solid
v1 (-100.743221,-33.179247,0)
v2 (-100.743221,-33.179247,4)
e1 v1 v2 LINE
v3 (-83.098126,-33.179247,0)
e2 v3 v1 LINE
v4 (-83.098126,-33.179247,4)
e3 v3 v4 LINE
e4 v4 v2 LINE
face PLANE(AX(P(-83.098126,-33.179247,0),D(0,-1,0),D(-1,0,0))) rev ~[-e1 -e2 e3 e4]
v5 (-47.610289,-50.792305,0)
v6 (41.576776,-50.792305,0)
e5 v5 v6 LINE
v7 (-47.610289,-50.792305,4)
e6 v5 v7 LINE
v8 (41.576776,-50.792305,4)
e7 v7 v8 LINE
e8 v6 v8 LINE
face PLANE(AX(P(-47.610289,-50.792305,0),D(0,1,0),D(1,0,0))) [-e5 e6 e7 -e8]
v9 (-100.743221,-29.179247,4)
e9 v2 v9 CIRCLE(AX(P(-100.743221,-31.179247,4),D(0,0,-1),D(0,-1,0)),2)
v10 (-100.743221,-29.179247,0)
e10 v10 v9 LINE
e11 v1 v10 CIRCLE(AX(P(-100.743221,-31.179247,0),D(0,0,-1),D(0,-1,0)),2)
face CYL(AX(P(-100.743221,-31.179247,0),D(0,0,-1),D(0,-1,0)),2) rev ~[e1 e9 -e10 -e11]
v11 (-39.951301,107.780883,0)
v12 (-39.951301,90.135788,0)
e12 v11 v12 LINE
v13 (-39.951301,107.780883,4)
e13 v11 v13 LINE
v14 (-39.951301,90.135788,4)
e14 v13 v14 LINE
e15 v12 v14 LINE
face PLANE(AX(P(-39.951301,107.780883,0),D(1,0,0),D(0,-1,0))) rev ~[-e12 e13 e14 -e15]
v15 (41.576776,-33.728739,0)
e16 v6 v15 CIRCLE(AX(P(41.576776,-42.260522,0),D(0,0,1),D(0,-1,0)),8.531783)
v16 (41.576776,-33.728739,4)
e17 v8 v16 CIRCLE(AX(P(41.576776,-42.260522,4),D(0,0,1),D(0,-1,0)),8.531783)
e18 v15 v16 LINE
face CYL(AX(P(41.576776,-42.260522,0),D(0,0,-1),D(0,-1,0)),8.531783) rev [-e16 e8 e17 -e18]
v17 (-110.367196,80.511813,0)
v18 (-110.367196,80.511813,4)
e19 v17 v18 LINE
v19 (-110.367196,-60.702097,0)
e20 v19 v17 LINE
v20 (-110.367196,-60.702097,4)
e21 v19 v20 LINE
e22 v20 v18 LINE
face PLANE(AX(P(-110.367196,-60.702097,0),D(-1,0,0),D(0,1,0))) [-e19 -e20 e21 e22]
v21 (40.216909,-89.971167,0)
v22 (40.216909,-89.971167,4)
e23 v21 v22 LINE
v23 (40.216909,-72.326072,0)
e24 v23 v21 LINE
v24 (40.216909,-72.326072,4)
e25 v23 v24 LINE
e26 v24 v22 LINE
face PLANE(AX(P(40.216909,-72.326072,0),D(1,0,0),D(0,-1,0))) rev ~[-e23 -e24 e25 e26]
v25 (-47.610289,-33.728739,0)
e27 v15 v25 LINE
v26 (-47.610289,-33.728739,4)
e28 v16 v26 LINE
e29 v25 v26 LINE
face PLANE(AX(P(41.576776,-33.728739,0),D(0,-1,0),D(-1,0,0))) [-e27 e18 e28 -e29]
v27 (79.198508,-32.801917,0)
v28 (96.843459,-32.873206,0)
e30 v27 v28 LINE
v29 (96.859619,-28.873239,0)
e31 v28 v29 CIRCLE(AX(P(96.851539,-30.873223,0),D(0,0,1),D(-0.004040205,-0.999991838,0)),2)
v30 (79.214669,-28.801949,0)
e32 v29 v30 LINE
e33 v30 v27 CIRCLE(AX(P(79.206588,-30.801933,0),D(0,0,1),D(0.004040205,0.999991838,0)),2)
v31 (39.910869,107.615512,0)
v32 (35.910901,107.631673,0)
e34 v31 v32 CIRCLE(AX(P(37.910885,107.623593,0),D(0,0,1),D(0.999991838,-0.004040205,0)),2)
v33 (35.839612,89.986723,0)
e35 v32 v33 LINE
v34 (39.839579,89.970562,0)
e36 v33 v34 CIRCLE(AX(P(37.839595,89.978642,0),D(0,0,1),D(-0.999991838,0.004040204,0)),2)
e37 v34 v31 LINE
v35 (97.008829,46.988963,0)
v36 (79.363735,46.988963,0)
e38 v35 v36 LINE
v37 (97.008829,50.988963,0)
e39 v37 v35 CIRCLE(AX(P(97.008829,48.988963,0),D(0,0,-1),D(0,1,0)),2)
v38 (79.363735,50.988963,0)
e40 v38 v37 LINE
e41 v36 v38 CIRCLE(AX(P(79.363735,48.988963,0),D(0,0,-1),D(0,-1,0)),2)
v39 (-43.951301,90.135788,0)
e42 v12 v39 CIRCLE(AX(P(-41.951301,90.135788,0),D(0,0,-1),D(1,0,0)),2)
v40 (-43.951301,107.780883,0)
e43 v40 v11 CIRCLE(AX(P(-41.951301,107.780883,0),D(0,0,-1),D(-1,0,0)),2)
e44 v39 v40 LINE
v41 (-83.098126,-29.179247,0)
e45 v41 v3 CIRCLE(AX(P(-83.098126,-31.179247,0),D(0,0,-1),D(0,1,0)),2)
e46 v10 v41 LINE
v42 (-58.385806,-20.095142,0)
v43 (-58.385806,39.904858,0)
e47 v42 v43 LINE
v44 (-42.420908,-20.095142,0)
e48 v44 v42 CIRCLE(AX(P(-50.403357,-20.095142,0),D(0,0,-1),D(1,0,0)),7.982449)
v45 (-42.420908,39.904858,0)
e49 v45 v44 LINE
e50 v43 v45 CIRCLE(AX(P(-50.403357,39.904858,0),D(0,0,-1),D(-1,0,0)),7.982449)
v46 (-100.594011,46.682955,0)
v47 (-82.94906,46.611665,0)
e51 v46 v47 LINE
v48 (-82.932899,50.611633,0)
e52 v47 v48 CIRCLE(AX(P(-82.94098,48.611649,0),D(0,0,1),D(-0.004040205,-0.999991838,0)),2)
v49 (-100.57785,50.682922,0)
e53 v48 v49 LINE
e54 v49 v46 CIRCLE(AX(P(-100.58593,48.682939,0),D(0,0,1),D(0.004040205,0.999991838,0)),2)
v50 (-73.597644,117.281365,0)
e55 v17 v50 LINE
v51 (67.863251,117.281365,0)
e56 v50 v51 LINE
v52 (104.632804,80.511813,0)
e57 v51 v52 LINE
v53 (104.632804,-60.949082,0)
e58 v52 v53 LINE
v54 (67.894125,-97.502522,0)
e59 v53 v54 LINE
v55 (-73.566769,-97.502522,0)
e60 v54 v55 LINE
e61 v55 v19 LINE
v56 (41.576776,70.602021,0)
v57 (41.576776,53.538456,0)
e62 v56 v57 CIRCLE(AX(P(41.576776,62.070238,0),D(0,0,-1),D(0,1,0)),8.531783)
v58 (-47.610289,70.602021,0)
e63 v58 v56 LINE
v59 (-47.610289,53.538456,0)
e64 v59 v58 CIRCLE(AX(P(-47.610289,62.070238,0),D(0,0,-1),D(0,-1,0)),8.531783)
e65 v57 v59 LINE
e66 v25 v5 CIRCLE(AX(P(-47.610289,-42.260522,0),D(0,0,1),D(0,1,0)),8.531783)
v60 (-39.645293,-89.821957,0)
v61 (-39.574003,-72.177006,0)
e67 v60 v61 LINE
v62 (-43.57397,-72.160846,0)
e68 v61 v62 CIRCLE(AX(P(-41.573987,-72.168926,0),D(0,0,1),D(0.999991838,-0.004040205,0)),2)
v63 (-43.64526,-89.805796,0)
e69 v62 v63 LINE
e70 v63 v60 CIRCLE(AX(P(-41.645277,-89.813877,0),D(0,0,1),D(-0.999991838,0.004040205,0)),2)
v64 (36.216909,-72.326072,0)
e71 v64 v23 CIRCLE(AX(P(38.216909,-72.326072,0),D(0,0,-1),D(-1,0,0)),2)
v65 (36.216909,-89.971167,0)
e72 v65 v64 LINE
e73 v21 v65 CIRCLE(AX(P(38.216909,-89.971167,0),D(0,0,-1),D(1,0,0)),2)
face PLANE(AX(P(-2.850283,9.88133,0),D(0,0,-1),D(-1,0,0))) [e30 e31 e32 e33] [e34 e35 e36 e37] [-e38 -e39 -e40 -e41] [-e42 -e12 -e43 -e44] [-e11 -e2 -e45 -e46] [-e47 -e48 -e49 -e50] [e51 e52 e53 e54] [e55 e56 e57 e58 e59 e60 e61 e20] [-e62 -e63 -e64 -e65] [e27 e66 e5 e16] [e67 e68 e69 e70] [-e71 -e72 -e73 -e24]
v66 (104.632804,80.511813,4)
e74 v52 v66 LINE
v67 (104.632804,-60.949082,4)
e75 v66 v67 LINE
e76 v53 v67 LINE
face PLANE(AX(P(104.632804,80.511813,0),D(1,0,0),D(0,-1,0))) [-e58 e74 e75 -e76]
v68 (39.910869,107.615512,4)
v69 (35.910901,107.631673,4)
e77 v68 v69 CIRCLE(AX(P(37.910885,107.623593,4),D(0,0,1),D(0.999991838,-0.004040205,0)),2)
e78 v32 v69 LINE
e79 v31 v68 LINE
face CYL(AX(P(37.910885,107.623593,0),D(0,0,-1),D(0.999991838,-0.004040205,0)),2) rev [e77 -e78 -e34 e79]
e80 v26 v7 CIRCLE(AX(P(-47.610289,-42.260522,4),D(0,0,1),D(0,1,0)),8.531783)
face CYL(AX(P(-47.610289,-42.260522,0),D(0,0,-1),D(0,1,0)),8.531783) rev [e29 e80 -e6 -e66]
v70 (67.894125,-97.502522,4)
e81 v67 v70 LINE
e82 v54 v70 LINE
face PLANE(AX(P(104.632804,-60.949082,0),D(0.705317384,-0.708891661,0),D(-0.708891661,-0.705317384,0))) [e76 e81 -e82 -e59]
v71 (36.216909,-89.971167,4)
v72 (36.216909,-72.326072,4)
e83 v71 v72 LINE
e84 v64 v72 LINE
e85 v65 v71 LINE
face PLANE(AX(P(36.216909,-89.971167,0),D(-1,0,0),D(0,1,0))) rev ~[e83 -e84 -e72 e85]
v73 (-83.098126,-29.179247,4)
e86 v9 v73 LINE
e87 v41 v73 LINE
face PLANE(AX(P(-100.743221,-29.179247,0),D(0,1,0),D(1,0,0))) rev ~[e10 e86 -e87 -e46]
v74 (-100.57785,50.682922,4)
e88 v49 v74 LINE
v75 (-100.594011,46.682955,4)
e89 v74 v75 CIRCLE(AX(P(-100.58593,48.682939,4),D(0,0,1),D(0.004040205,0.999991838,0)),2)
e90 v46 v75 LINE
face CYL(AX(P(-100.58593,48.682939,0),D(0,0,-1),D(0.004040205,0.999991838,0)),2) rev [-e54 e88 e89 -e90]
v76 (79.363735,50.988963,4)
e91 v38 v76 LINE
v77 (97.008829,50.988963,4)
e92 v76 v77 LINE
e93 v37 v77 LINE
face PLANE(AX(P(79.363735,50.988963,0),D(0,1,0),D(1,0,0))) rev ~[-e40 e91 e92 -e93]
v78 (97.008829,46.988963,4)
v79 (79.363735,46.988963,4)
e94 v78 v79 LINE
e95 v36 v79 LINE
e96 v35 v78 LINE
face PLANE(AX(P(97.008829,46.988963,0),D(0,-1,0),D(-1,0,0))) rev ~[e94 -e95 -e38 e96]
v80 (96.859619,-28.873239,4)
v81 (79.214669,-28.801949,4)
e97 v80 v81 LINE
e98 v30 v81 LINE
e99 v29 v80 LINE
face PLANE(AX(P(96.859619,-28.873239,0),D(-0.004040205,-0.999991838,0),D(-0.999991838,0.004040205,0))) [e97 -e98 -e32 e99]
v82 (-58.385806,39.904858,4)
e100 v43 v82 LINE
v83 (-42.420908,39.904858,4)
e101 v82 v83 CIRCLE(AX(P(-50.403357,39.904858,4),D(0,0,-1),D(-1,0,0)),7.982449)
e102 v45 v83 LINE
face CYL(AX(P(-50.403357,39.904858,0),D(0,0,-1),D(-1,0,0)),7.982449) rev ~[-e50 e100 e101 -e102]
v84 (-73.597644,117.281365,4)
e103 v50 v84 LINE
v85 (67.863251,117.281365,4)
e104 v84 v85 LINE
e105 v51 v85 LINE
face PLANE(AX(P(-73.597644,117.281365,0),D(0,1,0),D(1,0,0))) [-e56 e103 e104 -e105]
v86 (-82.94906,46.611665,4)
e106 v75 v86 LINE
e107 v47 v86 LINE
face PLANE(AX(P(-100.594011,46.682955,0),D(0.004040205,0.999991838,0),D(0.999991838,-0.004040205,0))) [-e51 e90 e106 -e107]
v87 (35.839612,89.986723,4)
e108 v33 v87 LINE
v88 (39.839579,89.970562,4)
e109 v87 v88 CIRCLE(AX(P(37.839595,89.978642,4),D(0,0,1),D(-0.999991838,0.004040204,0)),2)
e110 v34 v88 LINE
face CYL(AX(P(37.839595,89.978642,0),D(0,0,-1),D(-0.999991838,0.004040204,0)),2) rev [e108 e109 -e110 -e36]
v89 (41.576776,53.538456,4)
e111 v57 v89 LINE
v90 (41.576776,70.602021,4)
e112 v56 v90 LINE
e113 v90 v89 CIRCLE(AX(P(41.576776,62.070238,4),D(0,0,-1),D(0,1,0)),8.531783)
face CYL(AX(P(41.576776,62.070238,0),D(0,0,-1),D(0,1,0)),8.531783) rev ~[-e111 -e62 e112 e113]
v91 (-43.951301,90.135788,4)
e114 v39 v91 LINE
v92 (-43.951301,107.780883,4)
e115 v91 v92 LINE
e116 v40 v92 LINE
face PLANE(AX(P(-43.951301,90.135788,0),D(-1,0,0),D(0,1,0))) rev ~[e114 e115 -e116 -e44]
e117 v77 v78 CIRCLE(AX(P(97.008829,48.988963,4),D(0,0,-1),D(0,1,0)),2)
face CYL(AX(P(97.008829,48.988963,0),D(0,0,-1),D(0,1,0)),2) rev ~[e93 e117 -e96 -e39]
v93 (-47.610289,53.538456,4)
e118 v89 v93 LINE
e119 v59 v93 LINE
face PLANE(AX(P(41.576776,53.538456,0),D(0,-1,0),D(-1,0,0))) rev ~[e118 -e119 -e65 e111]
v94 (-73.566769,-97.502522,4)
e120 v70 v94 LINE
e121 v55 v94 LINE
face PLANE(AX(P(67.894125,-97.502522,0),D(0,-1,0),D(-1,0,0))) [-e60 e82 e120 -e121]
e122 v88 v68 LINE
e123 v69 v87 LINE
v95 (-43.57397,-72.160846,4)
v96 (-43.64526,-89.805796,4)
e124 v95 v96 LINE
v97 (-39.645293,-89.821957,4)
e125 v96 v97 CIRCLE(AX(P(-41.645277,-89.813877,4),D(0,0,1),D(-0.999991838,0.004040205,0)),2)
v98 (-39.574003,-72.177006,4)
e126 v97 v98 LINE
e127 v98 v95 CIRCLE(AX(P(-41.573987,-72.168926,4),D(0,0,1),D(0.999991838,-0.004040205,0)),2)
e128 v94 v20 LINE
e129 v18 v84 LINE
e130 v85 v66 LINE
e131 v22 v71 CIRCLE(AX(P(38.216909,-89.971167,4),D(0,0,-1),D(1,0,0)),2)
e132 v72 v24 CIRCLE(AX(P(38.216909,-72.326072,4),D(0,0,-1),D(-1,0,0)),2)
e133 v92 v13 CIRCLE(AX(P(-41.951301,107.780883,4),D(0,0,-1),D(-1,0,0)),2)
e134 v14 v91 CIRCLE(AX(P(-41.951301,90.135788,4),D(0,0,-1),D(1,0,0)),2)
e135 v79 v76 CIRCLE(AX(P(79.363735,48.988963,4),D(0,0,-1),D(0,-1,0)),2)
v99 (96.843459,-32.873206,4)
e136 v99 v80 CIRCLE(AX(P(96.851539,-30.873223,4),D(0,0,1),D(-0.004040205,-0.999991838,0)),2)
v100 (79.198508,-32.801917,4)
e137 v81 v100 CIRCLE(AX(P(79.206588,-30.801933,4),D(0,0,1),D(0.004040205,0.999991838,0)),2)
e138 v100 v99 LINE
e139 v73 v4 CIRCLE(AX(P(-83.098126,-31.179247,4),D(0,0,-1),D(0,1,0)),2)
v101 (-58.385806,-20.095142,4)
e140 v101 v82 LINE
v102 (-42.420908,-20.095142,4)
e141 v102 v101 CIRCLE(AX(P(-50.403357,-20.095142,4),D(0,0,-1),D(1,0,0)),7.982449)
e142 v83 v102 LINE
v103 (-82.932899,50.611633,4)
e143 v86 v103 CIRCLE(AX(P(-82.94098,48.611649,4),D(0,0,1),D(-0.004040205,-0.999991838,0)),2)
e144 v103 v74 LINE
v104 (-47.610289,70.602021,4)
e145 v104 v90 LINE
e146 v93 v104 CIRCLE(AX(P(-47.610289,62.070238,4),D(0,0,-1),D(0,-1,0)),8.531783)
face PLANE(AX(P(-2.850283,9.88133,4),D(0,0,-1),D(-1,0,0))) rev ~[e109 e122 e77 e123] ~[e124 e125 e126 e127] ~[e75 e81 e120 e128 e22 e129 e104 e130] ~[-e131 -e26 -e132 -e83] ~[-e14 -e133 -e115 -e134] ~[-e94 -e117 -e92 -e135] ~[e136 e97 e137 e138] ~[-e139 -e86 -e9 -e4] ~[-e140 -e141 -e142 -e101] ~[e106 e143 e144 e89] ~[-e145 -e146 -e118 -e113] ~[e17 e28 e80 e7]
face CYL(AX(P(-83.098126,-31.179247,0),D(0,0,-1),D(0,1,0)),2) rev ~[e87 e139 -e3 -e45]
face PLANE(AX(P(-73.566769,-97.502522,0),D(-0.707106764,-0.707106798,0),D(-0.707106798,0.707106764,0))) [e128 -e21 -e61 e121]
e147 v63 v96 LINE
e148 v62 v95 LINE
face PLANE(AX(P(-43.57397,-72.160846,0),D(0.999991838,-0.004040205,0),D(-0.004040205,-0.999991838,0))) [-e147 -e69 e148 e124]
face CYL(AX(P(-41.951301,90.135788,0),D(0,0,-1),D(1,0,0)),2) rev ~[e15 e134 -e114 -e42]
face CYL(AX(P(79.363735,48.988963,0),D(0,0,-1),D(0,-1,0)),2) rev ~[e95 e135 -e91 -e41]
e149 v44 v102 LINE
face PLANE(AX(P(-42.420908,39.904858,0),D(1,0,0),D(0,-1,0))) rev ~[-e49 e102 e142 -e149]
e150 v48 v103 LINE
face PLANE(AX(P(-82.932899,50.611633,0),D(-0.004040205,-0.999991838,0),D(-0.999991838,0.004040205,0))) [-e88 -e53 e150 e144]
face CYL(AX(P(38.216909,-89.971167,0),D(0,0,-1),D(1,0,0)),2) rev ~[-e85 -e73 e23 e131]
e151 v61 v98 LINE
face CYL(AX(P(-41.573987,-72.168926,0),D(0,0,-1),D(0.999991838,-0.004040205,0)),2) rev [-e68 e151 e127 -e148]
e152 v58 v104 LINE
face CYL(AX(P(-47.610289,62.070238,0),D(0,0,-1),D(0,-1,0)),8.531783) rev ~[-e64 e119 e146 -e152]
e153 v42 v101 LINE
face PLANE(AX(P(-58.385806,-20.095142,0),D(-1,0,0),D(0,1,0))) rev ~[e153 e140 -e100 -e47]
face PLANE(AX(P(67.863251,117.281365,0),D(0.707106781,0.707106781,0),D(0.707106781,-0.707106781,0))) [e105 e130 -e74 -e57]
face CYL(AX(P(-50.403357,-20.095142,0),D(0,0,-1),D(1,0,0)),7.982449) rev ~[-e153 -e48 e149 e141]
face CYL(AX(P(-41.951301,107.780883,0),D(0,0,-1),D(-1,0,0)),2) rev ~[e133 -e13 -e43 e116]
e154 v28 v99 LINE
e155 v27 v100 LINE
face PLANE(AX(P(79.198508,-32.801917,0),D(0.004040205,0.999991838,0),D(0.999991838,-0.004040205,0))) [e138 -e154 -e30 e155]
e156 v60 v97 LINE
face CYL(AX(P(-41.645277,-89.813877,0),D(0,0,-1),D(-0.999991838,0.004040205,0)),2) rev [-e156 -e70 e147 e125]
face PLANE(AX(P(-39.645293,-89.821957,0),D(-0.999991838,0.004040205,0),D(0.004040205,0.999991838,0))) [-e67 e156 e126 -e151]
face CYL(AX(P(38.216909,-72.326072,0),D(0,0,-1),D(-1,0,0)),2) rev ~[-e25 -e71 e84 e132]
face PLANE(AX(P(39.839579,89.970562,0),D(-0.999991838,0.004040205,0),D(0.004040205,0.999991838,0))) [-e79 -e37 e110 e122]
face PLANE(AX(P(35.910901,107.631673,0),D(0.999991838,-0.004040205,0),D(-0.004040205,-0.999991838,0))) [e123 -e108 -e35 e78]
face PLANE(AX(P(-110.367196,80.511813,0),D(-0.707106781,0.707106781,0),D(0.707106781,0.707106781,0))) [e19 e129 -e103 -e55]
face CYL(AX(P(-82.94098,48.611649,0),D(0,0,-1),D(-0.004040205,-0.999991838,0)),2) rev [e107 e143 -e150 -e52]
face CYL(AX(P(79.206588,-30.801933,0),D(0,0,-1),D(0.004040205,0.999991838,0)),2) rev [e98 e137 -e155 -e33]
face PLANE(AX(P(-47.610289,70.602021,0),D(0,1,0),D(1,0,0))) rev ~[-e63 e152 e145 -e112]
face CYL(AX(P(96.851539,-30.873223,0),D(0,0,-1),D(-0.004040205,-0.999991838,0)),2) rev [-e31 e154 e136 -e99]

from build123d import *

# Parameters (mm, degrees)
BOSS_EXTRUDE2_DEPTH = 4


with BuildPart() as part:
    # Sketch1 → Boss-Extrude2 (new body)
    with BuildSketch(Plane.XY):
        Polygon((-73.597643579, 117.281365478), (67.863251178, 117.281365478), (104.632803799, 80.511812856), (104.632803799, -60.949081901), (67.894125273, -97.50252168), (-73.566769484, -97.50252168), (-110.367196201, -60.702096755), (-110.367196201, 80.511812856), align=None)
        with BuildLine():
            Line((-47.610288665, 70.602021163), (41.576775637, 70.602021163))
            ThreePointArc((41.576775637, 70.602021163), (50.108558427, 62.070238373), (41.576775637, 53.538455583))
            Line((41.576775637, 53.538455583), (-47.610288665, 53.538455583))
            ThreePointArc((-47.610288665, 53.538455583), (-56.142071455, 62.070238373), (-47.610288665, 70.602021163))
        make_face(mode=Mode.SUBTRACT)
        with BuildLine():
            Line((-47.610288665, -50.792305062), (41.576775637, -50.792305062))
            ThreePointArc((41.576775637, -50.792305062), (50.108558427, -42.260522272), (41.576775637, -33.728739482))
            Line((41.576775637, -33.728739482), (-47.610288665, -33.728739482))
            ThreePointArc((-47.610288665, -33.728739482), (-56.142071455, -42.260522272), (-47.610288665, -50.792305062))
        make_face(mode=Mode.SUBTRACT)
        with BuildLine():
            Line((-58.385806079, -20.095141949), (-58.385806079, 39.904858051))
            ThreePointArc((-58.385806079, 39.904858051), (-50.403357017, 47.887307113), (-42.420907955, 39.904858051))
            Line((-42.420907955, 39.904858051), (-42.420907955, -20.095141949))
            ThreePointArc((-42.420907955, -20.095141949), (-50.403357017, -28.077591011), (-58.385806079, -20.095141949))
        make_face(mode=Mode.SUBTRACT)
        with BuildLine():
            Line((-43.951300834, 90.135788358), (-43.951300834, 107.780882998))
            ThreePointArc((-43.951300834, 107.780882998), (-41.951300834, 109.780882998), (-39.951300834, 107.780882998))
            Line((-39.951300834, 107.780882998), (-39.951300834, 90.135788358))
            ThreePointArc((-39.951300834, 90.135788358), (-41.951300834, 88.135788358), (-43.951300834, 90.135788358))
        make_face(mode=Mode.SUBTRACT)
        with BuildLine():
            Line((39.83957888, 89.970561723), (39.910868679, 107.61551235))
            ThreePointArc((39.910868679, 107.61551235), (37.918965413, 109.623576437), (35.910901326, 107.63167317))
            Line((35.910901326, 107.63167317), (35.839611526, 89.986722543))
            ThreePointArc((35.839611526, 89.986722543), (37.831514793, 87.978658457), (39.83957888, 89.970561723))
        make_face(mode=Mode.SUBTRACT)
        with BuildLine():
            Line((-83.098126059, -33.179247031), (-100.743220699, -33.179247031))
            ThreePointArc((-100.743220699, -33.179247031), (-102.743220699, -31.179247031), (-100.743220699, -29.179247031))
            Line((-100.743220699, -29.179247031), (-83.098126059, -29.179247031))
            ThreePointArc((-83.098126059, -29.179247031), (-81.098126059, -31.179247031), (-83.098126059, -33.179247031))
        make_face(mode=Mode.SUBTRACT)
        with BuildLine():
            Line((-82.932899424, 50.611632682), (-100.577850051, 50.682922481))
            ThreePointArc((-100.577850051, 50.682922481), (-102.585914138, 48.691019215), (-100.594010871, 46.682955128))
            Line((-100.594010871, 46.682955128), (-82.949060244, 46.611665329))
            ThreePointArc((-82.949060244, 46.611665329), (-80.940996157, 48.603568595), (-82.932899424, 50.611632682))
        make_face(mode=Mode.SUBTRACT)
        with BuildLine():
            Line((40.21690933, -72.326072256), (40.21690933, -89.971166897))
            ThreePointArc((40.21690933, -89.971166897), (38.21690933, -91.971166897), (36.21690933, -89.971166897))
            Line((36.21690933, -89.971166897), (36.21690933, -72.326072256))
            ThreePointArc((36.21690933, -72.326072256), (38.21690933, -70.326072256), (40.21690933, -72.326072256))
        make_face(mode=Mode.SUBTRACT)
        with BuildLine():
            Line((-43.573970383, -72.160845622), (-43.645260182, -89.805796249))
            ThreePointArc((-43.645260182, -89.805796249), (-41.653356916, -91.813860335), (-39.645292829, -89.821957069))
            Line((-39.645292829, -89.821957069), (-39.574003029, -72.177006442))
            ThreePointArc((-39.574003029, -72.177006442), (-41.565906296, -70.168942355), (-43.573970383, -72.160845622))
        make_face(mode=Mode.SUBTRACT)
        with BuildLine():
            Line((79.363734556, 50.988963133), (97.008829196, 50.988963133))
            ThreePointArc((97.008829196, 50.988963133), (99.008829196, 48.988963133), (97.008829196, 46.988963133))
            Line((97.008829196, 46.988963133), (79.363734556, 46.988963133))
            ThreePointArc((79.363734556, 46.988963133), (77.363734556, 48.988963133), (79.363734556, 50.988963133))
        make_face(mode=Mode.SUBTRACT)
        with BuildLine():
            Line((79.198507921, -32.801916581), (96.843458548, -32.87320638))
            ThreePointArc((96.843458548, -32.87320638), (98.851522635, -30.881303113), (96.859619368, -28.873239027))
            Line((96.859619368, -28.873239027), (79.214668741, -28.801949227))
            ThreePointArc((79.214668741, -28.801949227), (77.206604654, -30.793852494), (79.198507921, -32.801916581))
        make_face(mode=Mode.SUBTRACT)
    extrude(amount=BOSS_EXTRUDE2_DEPTH)


solid = part.part
